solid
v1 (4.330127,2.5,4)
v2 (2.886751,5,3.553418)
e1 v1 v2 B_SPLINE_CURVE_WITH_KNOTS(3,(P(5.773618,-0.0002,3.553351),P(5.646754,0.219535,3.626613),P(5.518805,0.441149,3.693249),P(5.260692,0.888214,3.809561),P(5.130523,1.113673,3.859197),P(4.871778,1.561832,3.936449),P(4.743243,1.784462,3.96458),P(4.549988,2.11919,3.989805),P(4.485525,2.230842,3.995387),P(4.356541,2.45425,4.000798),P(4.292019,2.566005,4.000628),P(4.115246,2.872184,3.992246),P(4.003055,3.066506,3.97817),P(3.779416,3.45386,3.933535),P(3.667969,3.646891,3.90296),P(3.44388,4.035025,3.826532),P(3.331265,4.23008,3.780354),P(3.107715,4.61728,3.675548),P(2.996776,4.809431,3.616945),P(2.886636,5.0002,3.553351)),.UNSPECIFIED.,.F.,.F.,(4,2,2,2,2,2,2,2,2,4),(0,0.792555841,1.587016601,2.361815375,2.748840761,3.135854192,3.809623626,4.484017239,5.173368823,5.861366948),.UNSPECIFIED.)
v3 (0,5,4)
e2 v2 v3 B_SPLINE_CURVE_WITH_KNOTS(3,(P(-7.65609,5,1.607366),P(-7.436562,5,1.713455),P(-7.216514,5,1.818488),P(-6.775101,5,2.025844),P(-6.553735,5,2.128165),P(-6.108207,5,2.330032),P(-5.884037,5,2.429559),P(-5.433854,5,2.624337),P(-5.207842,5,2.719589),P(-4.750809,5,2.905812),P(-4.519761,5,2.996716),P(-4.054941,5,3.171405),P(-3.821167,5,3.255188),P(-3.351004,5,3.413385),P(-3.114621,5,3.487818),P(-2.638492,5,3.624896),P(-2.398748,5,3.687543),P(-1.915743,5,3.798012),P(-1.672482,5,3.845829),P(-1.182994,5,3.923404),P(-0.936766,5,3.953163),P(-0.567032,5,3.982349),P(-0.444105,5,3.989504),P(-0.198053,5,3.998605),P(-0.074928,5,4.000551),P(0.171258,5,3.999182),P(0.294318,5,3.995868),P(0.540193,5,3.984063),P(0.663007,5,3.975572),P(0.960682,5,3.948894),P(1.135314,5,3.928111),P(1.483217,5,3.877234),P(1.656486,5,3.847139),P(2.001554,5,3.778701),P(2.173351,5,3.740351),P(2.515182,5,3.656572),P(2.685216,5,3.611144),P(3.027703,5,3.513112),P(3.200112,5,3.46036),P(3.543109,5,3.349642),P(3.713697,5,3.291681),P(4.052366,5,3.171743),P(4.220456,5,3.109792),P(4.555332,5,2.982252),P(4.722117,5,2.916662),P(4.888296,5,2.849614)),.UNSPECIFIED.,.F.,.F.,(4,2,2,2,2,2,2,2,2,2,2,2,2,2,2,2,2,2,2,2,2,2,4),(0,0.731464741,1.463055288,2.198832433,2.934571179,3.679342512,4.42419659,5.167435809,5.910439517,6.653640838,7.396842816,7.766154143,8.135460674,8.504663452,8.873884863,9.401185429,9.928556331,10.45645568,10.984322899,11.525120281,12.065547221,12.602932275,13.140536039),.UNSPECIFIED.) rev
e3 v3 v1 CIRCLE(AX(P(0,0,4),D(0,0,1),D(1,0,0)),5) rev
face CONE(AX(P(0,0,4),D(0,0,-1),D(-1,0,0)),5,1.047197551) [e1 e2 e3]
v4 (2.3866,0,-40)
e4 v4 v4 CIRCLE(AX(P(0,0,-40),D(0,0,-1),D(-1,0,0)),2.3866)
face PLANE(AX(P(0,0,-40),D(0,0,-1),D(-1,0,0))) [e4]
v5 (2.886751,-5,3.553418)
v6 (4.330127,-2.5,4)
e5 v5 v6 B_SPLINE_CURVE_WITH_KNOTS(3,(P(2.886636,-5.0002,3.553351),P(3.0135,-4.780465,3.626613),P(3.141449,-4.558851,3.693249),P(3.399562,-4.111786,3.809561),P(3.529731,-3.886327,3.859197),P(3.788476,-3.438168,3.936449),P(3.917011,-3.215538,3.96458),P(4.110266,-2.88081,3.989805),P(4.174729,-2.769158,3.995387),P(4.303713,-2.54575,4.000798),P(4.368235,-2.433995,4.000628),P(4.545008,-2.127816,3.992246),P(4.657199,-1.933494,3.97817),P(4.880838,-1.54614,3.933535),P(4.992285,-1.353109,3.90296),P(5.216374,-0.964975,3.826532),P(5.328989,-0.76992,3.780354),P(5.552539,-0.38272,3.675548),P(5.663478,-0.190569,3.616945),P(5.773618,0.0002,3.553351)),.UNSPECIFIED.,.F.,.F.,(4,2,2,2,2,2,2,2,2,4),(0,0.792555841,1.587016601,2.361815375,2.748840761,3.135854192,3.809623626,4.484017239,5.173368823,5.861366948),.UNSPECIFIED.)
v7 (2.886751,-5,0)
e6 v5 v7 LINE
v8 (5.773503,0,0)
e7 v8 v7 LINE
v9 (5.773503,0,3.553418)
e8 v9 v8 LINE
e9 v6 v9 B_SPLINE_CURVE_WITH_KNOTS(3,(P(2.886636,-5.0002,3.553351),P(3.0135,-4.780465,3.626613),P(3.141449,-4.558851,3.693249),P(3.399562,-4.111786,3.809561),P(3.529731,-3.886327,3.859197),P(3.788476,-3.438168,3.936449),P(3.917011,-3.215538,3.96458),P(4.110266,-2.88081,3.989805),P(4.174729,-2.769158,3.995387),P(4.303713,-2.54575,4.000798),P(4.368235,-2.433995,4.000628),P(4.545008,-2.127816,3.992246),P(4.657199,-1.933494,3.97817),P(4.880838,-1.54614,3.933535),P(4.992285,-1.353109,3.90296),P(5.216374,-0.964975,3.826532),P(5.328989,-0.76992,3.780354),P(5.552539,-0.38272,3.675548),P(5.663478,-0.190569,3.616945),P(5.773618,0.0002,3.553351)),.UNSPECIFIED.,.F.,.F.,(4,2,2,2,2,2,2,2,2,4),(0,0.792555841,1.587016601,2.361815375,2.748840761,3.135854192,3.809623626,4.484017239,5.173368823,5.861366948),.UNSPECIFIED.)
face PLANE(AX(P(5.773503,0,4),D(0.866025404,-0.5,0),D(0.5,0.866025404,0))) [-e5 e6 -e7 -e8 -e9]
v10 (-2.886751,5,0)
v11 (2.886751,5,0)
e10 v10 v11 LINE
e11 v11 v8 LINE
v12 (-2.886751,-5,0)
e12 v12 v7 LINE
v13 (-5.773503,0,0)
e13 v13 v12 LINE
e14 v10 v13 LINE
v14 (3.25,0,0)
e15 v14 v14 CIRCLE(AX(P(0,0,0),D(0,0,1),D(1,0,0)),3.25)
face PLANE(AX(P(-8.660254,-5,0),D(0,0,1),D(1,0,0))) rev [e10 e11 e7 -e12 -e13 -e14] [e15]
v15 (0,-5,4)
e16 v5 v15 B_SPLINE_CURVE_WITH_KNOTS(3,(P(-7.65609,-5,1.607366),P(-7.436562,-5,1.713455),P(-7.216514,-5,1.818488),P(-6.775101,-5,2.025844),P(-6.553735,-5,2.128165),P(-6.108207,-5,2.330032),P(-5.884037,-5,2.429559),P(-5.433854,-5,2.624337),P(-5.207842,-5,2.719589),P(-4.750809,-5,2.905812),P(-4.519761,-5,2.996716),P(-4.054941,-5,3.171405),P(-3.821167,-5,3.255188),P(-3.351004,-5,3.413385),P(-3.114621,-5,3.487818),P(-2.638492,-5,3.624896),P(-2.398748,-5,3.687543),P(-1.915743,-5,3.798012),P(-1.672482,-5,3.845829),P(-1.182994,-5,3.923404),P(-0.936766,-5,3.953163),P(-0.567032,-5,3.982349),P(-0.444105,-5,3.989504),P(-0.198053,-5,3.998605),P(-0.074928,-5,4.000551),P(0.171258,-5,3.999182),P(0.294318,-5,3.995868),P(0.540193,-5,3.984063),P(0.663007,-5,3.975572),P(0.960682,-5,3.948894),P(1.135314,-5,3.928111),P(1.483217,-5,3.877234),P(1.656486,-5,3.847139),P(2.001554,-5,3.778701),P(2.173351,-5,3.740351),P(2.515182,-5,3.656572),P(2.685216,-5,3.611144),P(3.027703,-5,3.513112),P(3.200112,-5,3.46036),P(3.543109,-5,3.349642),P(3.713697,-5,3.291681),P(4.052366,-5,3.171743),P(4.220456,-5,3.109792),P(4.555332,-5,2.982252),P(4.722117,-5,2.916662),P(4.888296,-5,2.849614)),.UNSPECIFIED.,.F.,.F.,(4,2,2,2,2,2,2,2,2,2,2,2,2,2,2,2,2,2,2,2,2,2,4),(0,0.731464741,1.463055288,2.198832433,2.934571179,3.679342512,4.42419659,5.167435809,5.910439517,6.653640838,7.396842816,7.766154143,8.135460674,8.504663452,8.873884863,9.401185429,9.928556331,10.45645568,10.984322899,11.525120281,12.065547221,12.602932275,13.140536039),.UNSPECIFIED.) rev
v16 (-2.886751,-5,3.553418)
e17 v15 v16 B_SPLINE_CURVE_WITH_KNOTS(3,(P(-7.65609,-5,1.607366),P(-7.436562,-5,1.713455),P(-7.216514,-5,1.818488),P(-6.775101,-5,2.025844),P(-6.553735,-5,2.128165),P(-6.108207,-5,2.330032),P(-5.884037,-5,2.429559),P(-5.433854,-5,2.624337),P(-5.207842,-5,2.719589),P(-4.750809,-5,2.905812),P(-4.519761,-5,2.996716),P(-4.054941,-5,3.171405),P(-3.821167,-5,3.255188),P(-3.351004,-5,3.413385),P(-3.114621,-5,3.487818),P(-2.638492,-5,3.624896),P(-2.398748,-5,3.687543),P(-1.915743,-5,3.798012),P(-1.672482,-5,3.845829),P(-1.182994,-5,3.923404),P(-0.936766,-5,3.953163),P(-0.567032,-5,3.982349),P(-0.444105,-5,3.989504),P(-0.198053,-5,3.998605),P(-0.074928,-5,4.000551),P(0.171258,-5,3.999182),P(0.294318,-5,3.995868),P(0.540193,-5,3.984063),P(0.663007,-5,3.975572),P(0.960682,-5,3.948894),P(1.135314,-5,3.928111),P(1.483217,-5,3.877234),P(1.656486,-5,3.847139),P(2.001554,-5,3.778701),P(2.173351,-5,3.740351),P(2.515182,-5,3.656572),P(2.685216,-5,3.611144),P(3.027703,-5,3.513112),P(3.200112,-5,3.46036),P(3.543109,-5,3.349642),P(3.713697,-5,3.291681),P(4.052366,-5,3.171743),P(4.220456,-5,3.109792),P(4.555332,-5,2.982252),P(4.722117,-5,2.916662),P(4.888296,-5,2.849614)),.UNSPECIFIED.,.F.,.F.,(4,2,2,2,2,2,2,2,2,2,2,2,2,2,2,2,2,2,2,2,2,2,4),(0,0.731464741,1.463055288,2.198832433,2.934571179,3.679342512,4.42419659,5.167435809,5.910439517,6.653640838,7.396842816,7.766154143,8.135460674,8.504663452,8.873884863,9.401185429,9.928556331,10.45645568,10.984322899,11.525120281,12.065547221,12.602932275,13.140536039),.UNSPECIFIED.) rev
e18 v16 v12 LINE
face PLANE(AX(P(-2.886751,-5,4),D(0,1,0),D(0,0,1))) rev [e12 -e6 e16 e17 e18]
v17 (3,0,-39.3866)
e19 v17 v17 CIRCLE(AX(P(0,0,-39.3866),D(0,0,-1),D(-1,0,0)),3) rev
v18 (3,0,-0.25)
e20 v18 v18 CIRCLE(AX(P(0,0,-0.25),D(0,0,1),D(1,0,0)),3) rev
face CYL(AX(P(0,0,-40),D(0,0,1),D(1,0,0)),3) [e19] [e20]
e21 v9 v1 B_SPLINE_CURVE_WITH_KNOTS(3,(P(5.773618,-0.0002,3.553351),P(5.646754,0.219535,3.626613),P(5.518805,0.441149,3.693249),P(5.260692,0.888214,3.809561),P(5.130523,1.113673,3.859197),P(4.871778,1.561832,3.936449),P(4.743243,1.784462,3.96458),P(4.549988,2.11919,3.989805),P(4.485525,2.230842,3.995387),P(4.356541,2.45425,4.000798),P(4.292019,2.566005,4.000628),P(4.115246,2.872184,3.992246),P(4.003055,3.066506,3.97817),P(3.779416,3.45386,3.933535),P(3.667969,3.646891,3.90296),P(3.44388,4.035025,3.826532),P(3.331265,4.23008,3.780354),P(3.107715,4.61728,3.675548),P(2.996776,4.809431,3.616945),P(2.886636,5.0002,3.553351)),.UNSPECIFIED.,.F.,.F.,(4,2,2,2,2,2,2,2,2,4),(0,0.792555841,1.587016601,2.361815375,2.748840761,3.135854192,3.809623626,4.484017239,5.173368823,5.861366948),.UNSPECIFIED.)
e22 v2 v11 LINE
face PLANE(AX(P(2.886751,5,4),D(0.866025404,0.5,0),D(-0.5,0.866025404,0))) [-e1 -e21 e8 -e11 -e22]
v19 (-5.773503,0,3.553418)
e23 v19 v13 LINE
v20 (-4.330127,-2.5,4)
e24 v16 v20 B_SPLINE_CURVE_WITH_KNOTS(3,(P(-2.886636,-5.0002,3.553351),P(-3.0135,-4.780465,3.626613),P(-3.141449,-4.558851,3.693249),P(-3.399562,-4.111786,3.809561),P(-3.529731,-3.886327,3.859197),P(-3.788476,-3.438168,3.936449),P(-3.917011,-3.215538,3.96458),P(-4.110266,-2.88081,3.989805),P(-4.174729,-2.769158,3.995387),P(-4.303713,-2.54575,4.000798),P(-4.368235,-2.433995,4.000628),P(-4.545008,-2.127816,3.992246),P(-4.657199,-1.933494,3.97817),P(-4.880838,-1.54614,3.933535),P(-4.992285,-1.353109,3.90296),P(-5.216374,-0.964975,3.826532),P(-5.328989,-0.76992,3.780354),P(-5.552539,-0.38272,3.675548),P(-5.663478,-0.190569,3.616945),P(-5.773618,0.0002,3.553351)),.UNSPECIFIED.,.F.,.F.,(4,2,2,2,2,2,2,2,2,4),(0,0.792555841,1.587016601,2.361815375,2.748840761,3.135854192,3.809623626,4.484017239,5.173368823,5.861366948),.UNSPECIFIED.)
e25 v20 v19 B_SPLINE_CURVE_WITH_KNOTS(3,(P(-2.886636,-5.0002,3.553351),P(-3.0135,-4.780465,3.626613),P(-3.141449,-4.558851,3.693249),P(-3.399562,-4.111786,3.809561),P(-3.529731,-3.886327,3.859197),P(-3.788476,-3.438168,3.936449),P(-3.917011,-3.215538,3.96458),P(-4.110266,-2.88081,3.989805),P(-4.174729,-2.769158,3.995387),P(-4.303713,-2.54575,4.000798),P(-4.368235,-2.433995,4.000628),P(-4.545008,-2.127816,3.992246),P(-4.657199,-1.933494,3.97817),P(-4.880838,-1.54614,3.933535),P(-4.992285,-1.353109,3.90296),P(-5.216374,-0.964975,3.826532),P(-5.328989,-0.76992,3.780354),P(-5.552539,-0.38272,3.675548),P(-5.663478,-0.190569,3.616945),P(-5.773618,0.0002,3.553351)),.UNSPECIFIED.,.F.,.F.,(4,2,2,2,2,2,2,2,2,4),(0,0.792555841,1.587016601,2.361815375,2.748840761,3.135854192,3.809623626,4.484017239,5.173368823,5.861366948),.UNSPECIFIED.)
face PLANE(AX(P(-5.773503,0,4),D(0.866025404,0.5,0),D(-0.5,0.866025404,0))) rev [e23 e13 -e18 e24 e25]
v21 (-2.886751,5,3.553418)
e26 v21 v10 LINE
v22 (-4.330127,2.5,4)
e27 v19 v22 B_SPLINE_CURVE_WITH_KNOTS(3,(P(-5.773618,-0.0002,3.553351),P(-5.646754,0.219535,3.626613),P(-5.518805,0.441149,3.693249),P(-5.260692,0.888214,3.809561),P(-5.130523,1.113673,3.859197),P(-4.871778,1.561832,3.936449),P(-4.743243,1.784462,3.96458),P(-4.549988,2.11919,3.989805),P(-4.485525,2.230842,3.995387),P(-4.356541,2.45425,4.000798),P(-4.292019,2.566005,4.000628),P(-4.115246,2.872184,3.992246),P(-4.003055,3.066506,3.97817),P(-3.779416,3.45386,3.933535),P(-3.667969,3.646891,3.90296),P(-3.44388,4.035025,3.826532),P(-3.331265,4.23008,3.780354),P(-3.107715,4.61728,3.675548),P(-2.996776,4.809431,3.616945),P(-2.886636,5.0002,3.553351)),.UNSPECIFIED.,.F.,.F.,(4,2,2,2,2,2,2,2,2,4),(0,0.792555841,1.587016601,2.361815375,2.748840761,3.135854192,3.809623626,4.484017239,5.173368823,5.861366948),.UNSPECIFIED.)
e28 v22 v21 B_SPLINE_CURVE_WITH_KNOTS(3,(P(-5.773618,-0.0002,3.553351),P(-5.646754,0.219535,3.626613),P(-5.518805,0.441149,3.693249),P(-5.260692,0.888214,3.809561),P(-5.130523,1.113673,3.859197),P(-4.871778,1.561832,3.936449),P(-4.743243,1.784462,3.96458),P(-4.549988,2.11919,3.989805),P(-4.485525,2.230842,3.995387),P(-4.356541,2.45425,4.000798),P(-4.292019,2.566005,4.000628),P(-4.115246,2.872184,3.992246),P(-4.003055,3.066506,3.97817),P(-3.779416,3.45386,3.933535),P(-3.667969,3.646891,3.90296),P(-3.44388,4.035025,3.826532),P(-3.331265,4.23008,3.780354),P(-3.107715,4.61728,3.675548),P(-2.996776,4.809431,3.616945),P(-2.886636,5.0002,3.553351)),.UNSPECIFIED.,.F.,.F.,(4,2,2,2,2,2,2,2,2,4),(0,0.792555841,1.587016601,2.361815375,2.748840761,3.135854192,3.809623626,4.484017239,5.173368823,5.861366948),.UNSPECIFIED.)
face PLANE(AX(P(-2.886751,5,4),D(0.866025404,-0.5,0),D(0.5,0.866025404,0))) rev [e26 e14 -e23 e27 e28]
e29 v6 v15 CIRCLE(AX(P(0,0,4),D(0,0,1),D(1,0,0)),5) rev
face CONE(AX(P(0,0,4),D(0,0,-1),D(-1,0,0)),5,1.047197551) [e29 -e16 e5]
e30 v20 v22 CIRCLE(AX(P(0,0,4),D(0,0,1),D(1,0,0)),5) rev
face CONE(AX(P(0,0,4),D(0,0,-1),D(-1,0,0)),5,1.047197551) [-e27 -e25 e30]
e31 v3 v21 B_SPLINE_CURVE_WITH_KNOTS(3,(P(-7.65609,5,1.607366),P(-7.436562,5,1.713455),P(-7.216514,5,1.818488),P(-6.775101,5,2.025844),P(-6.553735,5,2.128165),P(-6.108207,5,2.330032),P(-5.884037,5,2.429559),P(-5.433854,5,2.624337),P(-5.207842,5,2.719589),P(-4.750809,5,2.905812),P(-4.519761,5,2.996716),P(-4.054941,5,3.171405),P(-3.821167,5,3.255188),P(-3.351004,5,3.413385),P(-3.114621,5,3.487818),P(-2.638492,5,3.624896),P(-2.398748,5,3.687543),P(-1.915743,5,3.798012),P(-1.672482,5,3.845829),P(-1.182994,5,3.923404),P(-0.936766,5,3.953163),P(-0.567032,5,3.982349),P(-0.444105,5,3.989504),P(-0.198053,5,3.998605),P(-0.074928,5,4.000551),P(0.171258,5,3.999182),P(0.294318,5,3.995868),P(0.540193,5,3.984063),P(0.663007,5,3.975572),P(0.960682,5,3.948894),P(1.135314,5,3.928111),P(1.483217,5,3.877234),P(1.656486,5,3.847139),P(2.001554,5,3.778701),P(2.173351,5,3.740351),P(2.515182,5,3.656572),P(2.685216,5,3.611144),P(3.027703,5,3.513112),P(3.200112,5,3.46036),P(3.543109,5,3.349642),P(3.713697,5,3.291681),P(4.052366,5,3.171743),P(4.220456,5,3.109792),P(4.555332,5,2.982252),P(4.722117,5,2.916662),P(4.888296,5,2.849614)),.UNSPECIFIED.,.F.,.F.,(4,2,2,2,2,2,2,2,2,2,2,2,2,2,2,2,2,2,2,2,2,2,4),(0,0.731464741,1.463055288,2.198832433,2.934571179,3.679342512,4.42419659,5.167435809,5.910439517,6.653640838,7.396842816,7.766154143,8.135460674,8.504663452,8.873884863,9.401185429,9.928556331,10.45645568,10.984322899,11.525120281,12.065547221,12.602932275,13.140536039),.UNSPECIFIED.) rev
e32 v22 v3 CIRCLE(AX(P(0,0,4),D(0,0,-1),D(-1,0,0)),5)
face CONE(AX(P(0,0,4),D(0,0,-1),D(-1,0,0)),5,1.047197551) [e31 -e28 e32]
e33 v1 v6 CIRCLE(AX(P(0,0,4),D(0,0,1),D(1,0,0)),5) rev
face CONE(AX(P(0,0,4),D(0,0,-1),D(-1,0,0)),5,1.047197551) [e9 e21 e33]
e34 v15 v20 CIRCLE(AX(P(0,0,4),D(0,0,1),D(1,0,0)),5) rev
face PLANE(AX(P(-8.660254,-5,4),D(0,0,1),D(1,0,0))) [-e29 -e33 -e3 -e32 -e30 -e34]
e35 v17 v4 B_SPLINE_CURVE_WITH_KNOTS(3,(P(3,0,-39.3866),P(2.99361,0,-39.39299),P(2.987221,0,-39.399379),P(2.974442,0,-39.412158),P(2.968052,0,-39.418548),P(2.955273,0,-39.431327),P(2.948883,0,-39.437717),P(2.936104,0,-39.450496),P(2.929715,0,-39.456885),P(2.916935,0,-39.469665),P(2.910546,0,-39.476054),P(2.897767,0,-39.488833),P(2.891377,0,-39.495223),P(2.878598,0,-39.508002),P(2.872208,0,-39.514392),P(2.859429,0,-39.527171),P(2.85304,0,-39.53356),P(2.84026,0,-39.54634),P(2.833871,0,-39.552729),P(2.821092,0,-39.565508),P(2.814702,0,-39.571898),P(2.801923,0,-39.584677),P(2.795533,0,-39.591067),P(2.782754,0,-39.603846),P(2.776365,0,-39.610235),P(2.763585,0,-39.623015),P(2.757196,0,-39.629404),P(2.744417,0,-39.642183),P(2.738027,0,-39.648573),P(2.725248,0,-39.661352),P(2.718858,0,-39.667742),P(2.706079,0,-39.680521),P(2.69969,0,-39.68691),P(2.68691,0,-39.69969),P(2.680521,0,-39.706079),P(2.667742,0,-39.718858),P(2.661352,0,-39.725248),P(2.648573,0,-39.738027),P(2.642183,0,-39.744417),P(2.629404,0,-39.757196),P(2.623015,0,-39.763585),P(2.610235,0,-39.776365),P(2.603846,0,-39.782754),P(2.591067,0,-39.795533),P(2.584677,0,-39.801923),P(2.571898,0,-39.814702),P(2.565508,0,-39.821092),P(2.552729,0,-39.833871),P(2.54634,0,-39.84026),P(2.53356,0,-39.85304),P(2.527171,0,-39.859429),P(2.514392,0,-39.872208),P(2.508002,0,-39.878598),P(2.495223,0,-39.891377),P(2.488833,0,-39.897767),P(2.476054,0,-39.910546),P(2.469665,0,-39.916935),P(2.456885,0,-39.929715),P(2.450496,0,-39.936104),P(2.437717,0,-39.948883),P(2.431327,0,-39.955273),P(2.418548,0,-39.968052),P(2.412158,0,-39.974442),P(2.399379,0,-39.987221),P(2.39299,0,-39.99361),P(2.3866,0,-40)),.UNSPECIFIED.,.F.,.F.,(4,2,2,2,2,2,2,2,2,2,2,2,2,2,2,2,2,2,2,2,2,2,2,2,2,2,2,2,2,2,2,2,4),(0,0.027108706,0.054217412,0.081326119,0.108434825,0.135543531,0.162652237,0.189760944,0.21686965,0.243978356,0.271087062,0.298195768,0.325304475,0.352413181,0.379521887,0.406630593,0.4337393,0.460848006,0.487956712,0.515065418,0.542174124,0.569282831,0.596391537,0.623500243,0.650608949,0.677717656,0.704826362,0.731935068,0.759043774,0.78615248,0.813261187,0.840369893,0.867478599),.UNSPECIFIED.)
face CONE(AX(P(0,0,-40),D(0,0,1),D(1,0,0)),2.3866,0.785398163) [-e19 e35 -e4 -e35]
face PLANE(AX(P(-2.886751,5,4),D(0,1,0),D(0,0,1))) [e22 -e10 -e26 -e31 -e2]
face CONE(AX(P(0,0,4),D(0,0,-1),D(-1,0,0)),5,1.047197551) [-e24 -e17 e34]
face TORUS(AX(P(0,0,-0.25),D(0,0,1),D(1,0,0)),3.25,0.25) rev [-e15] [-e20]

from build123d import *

# Parameters (mm, degrees)
BASE_EXTRUDE_DEPTH  = 4
SKETCH3_R           = 3
BOSS_EXTRUDE1_DEPTH = 40
CHAMFER1_SIZE       = 0.6134
FILLET1_R           = 0.25


with BuildPart() as part:
    # Sketch1 → Base-Extrude (new body)
    with BuildSketch(Plane.XY):
        Polygon((-2.886751346, 5), (2.886751346, 5), (5.773502692, 0), (2.886751346, -5), (-2.886751346, -5), (-5.773502692, 0), align=None)
    extrude(amount=BASE_EXTRUDE_DEPTH)

    # Sketch5 → Cut-Revolve1 (revolve, cut)
    with BuildSketch(Plane(origin=(0, 0, 0), x_dir=(1, 0, 0), z_dir=(0, 1, 0))):
        Polygon((-5.773502692, -4), (-5, -4), (-5.773502692, -3.553418013), align=None)
    revolve(axis=Axis((0, 0, 0), (0, 0, 1)), mode=Mode.SUBTRACT)

    # Sketch3 → Boss-Extrude1 (add)
    with BuildSketch(Plane(origin=(0, 0, 0), x_dir=(-1, 0, 0), z_dir=(0, 0, -1))):
        with Locations(Location((0, 0, 0), (0, 0, 180))):
            Circle(SKETCH3_R)
    extrude(amount=BOSS_EXTRUDE1_DEPTH)

    # Chamfer1
    chamfer1_edges = [part.edges().sort_by_distance(p)[0] for p in [
        (-3, 0, -40),
    ]]
    chamfer(chamfer1_edges, length=CHAMFER1_SIZE)

    # Fillet1
    fillet1_edges = [part.edges().sort_by_distance(p)[0] for p in [
        (-3, 0, 0),
    ]]
    fillet(fillet1_edges, radius=FILLET1_R)


solid = part.part
